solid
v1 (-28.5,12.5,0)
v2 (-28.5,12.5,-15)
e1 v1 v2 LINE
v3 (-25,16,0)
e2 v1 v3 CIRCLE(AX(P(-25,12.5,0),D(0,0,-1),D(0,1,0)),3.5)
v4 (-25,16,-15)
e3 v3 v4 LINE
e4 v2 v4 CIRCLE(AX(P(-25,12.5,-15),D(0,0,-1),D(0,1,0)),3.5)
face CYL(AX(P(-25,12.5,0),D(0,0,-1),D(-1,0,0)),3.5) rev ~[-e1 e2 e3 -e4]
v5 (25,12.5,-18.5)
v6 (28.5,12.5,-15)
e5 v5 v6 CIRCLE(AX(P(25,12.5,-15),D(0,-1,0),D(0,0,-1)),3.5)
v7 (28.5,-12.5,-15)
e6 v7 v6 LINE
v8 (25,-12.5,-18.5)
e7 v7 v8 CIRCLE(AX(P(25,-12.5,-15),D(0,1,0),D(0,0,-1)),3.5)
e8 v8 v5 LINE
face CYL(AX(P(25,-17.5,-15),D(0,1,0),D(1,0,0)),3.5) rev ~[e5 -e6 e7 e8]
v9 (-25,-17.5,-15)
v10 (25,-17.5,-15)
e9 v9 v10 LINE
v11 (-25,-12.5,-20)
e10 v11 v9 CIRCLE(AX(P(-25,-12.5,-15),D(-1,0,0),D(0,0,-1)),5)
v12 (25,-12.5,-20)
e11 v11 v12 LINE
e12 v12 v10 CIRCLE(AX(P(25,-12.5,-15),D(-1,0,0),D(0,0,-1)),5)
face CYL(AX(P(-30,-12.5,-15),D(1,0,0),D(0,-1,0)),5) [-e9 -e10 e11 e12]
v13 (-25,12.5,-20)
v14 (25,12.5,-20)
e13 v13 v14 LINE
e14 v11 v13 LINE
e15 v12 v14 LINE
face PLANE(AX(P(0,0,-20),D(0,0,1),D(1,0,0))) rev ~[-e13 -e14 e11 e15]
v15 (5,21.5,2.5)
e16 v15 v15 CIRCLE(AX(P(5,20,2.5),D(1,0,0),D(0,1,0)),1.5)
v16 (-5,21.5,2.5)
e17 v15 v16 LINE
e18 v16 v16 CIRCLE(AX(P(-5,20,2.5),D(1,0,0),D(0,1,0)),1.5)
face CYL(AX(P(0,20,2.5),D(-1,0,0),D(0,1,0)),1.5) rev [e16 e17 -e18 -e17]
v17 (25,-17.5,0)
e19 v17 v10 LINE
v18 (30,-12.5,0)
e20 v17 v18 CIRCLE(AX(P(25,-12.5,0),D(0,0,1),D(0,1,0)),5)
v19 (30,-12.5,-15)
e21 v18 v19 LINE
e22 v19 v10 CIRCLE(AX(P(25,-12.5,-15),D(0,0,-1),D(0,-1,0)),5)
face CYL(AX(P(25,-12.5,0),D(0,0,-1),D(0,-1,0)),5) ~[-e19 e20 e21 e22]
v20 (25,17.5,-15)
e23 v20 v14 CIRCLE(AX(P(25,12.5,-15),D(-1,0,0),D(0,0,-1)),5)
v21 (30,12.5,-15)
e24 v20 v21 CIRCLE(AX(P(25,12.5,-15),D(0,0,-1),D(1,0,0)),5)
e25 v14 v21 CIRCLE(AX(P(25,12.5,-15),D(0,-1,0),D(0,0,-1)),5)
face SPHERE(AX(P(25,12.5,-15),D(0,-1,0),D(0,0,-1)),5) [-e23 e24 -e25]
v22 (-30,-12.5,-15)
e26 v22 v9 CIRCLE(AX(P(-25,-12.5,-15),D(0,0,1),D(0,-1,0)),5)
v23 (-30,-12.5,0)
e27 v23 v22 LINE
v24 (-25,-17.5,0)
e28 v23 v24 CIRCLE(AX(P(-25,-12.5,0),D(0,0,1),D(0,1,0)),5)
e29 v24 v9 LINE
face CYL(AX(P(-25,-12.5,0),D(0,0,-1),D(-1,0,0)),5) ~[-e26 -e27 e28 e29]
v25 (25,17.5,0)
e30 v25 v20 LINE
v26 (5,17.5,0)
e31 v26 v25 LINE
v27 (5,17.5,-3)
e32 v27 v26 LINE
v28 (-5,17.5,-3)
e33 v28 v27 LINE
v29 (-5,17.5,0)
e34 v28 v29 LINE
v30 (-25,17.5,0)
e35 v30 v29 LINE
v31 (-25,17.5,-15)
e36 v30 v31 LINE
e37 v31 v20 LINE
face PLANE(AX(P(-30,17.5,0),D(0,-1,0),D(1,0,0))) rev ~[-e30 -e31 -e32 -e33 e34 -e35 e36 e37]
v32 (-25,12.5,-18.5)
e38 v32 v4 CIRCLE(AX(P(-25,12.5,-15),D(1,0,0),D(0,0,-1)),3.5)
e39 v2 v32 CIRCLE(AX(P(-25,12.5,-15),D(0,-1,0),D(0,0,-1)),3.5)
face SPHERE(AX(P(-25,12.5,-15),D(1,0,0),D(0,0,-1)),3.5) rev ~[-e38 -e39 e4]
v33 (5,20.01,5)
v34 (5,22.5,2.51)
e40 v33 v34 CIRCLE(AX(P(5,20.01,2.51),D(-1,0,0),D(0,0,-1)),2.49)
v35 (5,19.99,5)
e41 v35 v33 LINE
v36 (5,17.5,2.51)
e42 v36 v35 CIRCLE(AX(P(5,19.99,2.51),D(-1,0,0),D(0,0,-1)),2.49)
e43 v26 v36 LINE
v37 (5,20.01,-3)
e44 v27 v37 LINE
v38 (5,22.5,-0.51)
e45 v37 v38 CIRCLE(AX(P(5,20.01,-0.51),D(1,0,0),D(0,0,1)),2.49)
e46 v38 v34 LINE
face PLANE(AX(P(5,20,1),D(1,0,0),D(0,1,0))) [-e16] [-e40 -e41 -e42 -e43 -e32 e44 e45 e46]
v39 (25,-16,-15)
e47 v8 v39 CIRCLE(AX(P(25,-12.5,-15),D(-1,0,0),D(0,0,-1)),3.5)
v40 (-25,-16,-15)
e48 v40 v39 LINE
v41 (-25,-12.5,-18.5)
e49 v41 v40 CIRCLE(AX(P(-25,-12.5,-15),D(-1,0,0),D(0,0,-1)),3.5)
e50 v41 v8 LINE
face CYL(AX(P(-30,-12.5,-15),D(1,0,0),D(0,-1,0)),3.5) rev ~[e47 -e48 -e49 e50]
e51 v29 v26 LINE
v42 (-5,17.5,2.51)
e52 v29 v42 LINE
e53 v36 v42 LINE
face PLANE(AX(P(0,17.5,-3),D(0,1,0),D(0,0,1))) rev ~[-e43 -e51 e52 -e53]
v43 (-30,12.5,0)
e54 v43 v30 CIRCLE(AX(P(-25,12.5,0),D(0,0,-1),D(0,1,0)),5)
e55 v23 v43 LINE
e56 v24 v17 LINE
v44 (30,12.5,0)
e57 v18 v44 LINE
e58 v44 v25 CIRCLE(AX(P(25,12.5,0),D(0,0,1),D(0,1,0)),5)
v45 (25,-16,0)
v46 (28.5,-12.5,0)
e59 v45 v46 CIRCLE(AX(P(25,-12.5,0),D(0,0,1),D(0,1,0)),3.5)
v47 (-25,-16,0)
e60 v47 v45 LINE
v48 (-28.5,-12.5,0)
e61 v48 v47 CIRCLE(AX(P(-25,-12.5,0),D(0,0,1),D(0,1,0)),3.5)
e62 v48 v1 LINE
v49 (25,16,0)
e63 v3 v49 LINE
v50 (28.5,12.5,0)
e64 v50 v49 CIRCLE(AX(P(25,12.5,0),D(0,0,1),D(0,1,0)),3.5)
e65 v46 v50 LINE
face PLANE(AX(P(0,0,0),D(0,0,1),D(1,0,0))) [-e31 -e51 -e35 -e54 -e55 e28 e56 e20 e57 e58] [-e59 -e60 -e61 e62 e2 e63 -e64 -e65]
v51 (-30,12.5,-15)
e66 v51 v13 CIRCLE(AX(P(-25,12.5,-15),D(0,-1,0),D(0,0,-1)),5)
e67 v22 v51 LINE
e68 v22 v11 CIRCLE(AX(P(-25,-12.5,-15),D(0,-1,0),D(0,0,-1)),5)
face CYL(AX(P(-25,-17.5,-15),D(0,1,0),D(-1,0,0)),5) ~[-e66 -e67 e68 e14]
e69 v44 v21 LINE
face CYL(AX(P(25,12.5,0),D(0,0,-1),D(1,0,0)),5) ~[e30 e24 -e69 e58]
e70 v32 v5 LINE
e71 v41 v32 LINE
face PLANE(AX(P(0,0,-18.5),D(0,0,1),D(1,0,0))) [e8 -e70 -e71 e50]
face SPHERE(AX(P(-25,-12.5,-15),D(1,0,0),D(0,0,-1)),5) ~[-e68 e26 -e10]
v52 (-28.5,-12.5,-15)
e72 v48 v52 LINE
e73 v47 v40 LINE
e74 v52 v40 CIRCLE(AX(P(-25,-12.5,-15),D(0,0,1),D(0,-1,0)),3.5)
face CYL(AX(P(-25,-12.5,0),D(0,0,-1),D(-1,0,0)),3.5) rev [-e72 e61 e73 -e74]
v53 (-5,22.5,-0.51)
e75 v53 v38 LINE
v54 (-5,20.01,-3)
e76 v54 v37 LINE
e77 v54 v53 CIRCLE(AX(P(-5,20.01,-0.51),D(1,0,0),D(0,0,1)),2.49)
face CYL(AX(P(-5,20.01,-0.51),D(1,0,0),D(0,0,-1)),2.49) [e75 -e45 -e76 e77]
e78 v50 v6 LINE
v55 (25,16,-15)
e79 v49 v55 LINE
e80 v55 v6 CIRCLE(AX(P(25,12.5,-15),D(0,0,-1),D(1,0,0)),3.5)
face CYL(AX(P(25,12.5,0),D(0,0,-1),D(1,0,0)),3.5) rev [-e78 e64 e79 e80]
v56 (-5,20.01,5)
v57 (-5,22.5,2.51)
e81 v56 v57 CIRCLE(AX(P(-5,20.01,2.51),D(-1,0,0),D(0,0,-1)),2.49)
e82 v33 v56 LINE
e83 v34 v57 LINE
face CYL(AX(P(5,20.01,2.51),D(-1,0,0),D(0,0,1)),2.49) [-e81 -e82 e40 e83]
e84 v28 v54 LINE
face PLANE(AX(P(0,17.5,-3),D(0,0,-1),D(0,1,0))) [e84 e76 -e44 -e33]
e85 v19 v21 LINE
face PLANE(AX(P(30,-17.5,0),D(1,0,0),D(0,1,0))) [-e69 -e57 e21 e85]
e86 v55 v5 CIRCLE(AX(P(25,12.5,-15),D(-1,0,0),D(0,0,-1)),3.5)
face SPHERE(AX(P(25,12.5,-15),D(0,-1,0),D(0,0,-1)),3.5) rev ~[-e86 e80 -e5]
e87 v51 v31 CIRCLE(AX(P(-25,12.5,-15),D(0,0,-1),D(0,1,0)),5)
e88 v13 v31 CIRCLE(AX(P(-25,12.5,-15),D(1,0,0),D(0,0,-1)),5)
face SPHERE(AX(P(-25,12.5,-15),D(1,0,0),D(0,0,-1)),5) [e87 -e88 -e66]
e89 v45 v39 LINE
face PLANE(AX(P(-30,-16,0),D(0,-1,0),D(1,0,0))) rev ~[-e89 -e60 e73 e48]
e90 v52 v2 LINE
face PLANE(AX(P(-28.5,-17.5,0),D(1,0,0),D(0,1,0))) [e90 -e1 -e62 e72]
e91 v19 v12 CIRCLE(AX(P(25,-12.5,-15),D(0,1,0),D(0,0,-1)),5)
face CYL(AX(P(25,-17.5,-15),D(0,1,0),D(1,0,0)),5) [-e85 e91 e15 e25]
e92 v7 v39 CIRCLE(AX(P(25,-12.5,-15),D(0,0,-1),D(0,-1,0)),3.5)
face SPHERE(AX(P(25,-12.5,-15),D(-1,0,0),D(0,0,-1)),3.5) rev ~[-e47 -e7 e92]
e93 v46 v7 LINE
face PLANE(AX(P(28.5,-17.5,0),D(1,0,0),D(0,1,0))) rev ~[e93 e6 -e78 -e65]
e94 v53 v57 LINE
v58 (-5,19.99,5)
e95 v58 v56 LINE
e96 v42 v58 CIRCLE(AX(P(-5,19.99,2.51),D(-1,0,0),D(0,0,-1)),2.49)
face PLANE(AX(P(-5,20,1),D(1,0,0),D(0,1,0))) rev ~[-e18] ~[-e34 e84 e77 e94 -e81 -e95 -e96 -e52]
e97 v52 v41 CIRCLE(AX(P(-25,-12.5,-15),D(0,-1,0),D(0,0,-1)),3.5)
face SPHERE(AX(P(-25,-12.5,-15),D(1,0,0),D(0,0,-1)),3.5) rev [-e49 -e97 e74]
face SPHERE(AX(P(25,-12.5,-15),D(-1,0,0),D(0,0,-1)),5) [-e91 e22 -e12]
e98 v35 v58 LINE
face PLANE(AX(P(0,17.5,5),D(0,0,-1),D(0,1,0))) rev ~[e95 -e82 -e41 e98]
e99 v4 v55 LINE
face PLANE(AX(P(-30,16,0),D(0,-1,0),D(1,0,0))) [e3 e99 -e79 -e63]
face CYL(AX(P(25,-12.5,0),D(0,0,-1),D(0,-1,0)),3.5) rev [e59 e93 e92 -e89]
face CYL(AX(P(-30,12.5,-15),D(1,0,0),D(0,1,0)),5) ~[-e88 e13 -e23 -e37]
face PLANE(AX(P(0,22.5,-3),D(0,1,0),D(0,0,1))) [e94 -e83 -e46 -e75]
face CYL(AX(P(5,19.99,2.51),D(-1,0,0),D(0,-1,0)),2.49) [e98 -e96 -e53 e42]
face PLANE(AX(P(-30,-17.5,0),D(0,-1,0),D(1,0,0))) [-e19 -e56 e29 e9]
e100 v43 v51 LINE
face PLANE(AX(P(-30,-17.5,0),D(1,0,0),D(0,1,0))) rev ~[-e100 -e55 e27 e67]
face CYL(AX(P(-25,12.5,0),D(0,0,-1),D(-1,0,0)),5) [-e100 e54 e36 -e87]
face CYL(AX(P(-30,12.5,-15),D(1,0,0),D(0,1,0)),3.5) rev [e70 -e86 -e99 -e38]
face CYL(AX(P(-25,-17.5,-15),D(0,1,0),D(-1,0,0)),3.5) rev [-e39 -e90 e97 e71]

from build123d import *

# Parameters (mm, degrees)
SKETCH_W     = 60
SKETCH_H     = 35
PAD_DEPTH    = 20
FILLET_R     = 5
THICKNESS_T  = -1.5
SKETCH001_W  = 5
SKETCH001_H  = 8
SKETCH001_R  = 1.5
PAD001_DEPTH = 5
FILLET001_R  = 2.49


with BuildPart() as part:
    # Sketch → Pad (new body)
    with BuildSketch(Plane.XY):
        Rectangle(SKETCH_W, SKETCH_H)
    extrude(amount=-PAD_DEPTH)

    # Fillet
    fillet_edges = [part.edges().sort_by_distance(p)[0] for p in [
        (0, -17.5, -20),
        (30, 0, -20),
        (0, 17.5, -20),
        (-30, 0, -20),
        (30, 17.5, -10),
        (30, -17.5, -10),
        (-30, 17.5, -10),
        (-30, -17.5, -10),
    ]]
    fillet(fillet_edges, radius=FILLET_R)

    # Thickness
    thickness_openings = [part.faces().sort_by_distance(p)[0] for p in [
        (0, 0, 0),
    ]]
    offset(amount=THICKNESS_T, openings=thickness_openings)

    # Sketch001 → Pad001 (join, symmetric)
    with BuildSketch(Plane.YZ):
        with Locations((20, 1)):
            Rectangle(SKETCH001_W, SKETCH001_H)
        with Locations((20, 2.5)):
            Circle(SKETCH001_R, mode=Mode.SUBTRACT)
    extrude(amount=PAD001_DEPTH, both=True)

    # Fillet001
    fillet001_edges = [part.edges().sort_by_distance(p)[0] for p in [
        (0, 22.5, 5),
        (0, 17.5, 5),
        (0, 22.5, -3),
    ]]
    fillet(fillet001_edges, radius=FILLET001_R)


solid = part.part
